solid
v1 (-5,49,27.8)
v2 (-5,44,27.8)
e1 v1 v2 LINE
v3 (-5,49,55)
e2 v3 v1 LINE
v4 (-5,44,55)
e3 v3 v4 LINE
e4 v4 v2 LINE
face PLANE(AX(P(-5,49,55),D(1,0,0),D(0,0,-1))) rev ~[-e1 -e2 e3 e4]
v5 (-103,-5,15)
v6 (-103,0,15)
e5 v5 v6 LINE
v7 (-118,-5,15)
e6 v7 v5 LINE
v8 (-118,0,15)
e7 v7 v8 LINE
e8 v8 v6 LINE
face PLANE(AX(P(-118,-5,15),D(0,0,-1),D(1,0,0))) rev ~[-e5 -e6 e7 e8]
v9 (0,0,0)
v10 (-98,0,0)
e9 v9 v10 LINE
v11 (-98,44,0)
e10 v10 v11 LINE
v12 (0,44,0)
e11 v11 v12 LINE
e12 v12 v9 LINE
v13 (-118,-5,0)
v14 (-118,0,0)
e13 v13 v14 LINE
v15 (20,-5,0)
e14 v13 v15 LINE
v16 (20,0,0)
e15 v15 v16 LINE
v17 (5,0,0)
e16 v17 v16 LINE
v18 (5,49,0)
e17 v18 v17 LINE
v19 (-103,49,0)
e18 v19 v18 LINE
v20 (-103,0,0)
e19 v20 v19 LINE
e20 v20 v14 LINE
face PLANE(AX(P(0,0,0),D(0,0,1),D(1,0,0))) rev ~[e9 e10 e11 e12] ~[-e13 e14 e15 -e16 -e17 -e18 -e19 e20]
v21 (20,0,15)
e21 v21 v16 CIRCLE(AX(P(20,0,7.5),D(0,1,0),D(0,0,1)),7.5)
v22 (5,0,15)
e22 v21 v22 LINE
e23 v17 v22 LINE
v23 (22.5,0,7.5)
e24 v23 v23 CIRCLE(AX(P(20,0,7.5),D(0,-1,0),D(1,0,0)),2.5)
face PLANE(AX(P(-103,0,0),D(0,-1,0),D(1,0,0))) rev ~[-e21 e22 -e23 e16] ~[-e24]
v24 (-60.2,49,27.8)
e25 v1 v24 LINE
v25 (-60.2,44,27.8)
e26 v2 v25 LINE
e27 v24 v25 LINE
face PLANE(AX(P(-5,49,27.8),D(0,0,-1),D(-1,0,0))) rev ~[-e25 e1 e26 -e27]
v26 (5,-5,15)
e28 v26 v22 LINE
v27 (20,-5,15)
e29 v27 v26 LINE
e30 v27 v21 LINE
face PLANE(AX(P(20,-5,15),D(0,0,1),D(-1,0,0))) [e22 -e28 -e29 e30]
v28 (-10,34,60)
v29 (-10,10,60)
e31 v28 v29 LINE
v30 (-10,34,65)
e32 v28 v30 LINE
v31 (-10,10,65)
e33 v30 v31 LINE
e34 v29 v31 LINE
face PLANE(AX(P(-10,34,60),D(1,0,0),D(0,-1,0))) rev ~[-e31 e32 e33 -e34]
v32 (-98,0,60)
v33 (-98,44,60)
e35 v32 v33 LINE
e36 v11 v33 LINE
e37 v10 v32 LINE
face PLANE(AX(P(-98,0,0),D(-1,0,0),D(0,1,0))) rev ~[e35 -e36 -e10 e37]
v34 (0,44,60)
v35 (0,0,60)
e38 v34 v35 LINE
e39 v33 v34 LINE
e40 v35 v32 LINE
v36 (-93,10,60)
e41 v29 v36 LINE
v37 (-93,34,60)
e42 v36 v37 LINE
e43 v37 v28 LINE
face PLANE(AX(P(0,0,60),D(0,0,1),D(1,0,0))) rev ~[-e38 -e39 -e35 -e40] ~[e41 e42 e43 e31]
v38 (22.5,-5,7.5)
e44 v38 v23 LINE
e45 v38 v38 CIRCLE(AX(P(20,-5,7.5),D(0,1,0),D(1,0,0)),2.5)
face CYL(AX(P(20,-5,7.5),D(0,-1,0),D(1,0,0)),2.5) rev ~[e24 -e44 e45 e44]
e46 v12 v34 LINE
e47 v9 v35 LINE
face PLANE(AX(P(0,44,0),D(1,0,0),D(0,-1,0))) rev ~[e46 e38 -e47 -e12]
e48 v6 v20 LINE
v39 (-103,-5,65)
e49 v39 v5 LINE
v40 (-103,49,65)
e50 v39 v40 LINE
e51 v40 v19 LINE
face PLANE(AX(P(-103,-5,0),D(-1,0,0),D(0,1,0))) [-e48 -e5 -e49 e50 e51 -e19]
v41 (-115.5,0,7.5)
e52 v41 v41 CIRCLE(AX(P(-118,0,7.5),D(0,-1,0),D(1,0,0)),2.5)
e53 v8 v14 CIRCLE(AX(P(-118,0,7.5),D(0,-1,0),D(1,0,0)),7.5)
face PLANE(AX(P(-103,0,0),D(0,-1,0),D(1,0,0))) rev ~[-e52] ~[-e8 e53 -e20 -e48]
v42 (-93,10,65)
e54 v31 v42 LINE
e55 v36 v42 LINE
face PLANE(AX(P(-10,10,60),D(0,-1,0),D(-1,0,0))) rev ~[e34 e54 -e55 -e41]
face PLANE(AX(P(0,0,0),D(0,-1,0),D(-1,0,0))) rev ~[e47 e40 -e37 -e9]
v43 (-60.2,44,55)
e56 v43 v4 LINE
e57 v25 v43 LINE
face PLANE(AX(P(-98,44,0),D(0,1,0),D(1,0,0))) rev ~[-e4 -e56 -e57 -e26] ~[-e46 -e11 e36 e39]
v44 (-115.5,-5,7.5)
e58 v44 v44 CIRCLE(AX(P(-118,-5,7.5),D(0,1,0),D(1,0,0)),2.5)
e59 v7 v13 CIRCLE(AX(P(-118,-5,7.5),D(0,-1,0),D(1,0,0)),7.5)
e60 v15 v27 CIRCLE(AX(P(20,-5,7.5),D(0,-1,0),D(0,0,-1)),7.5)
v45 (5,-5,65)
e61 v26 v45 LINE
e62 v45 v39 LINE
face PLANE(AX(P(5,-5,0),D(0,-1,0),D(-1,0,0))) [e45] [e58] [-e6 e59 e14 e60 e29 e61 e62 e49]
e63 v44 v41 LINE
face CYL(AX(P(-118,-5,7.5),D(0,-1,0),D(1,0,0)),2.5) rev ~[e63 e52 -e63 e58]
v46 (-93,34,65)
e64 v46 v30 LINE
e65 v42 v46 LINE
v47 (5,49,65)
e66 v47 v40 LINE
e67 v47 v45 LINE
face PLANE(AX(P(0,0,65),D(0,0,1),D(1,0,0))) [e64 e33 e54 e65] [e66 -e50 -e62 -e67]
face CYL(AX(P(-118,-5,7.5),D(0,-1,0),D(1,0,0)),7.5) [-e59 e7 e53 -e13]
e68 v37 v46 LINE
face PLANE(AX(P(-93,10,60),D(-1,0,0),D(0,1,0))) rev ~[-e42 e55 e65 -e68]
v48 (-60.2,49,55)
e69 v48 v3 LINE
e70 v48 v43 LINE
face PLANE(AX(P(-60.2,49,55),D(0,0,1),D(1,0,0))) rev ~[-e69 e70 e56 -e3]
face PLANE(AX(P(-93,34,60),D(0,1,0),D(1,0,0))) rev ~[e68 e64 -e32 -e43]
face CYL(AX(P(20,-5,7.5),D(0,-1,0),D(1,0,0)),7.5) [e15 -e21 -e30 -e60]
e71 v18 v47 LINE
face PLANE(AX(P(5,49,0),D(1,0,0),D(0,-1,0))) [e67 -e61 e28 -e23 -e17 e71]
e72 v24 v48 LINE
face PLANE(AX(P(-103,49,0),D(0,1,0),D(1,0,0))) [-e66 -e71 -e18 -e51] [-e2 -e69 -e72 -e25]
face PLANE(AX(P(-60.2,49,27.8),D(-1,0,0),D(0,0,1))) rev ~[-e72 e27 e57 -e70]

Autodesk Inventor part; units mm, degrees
ref_plane "YZ Plane" through (0, 0, 0) normal (1, 0, 0) x (0, 1, 0)
ref_plane "XZ Plane" through (0, 0, 0) normal (0, 1, 0) x (-1, 0, 0)
ref_plane "XY Plane" through (0, 0, 0) normal (0, 0, 1) x (1, 0, 0)
sketch "Sketch1" plane through (0, 0, 0) normal (0, 0, 1) x (1, 0, 0)
  line L0 (0, 0) -> (-98, 0)
  line L1 (-98, 0) -> (-98, 44)
  line L2 (-98, 44) -> (0, 44)
  line L3 (0, 44) -> (0, 0)
  line L4 (5, -5) -> (-103, -5)
  line L5 (-103, -5) -> (-103, 49)
  line L6 (-103, 49) -> (5, 49)
  line L7 (5, 49) -> (5, -5)
  dimension "d0" = 98
  dimension "d1" = 44
  dimension "d2" = 5
  dimension "d3" = 5
  dimension "d4" = 5
  dimension "d5" = 5
extrude "Extrusion1" add sketch "Sketch1" along normal blind 60
sketch "Sketch2" plane through (0, 0, 60) normal (0, 0, 1) x (1, 0, 0)
  line L0 (5, 49) -> (-103, 49) projected
  line L1 (5, -5) -> (-103, -5)
  line L2 (-103, -5) -> (-103, 49)
  line L3 (-103, 49) -> (5, 49)
  line L4 (5, 49) -> (5, -5)
  line L5 (-93, 34) -> (-10, 34)
  line L6 (-10, 34) -> (-10, 10)
  line L7 (-10, 10) -> (-93, 10)
  line L8 (-93, 10) -> (-93, 34)
  point P0 (0, 0)
  dimension "d10" = 10
  dimension "d11" = 15
  dimension "d12" = 15
  dimension "d13" = 15
extrude "Extrusion2" add sketch "Sketch2" along normal blind 5
sketch "Sketch4" plane through (-103, 49, 0) normal (0, 1, 0) x (1, 0, 0)
  line L0 (98, -27.8) -> (42.8, -27.8)
  line L1 (42.8, -27.8) -> (42.8, -55)
  line L2 (42.8, -55) -> (98, -55)
  line L3 (98, -55) -> (98, -27.8)
  line L4 (108, -65) -> (0, -65) projected
  line L5 (108, 0) -> (108, -65) projected
  point P0 (103, 0)
  dimension "d19" = 27.2
  dimension "d20" = 55.2
  dimension "d21" = 10
  dimension "d22" = 10
extrude "Extrusion4" cut sketch "Sketch4" against normal blind 10
sketch "Sketch5" plane through (-103, -5, 0) normal (0, -1, 0) x (1, 0, 0)
  line L0 (108, 0) -> (108, 65) projected
  line L1 (108, 0) -> (123, 0)
  line L2 (123, 0) -> (123, 15)
  line L3 (123, 15) -> (108, 15)
  line L4 (108, 15) -> (108, 0)
  circle A0 centre (123, 7.5) radius 7.5
  circle A1 centre (123, 7.5) radius 2.5
  line L5 (103, 0) -> (5, 0) projected
  line L6 (54, 0) -> (54, -10.2425)
  line L7 (0, 0) -> (-15, 0)
  line L8 (-15, 0) -> (-15, 15)
  line L9 (-15, 15) -> (0, 15)
  line L10 (0, 15) -> (0, 0)
  circle A2 centre (-15, 7.5) radius 7.5
  circle A3 centre (-15, 7.5) radius 2.5
  dimension "d25" = 15
  dimension "d26" = 5
  dimension "d27" = 15
extrude "Extrusion5" add sketch "Sketch5" against normal blind 5 contours L0 L3 A0 L1 | A0 L2 A1 | L2 A1 A0 | L7 A2 L9 L10 | A2 L8 A3 | L8 A3 A2
equation "\"d27\" = d25"
equation "\"RodDiameter\" = 8"
equation "\"VerticalBearingOD\" = 16"
equation "\"PrintingClearance\" = 0.2"
equation "\"TubeID\" = 18"
properties part number "PSUBracket"
